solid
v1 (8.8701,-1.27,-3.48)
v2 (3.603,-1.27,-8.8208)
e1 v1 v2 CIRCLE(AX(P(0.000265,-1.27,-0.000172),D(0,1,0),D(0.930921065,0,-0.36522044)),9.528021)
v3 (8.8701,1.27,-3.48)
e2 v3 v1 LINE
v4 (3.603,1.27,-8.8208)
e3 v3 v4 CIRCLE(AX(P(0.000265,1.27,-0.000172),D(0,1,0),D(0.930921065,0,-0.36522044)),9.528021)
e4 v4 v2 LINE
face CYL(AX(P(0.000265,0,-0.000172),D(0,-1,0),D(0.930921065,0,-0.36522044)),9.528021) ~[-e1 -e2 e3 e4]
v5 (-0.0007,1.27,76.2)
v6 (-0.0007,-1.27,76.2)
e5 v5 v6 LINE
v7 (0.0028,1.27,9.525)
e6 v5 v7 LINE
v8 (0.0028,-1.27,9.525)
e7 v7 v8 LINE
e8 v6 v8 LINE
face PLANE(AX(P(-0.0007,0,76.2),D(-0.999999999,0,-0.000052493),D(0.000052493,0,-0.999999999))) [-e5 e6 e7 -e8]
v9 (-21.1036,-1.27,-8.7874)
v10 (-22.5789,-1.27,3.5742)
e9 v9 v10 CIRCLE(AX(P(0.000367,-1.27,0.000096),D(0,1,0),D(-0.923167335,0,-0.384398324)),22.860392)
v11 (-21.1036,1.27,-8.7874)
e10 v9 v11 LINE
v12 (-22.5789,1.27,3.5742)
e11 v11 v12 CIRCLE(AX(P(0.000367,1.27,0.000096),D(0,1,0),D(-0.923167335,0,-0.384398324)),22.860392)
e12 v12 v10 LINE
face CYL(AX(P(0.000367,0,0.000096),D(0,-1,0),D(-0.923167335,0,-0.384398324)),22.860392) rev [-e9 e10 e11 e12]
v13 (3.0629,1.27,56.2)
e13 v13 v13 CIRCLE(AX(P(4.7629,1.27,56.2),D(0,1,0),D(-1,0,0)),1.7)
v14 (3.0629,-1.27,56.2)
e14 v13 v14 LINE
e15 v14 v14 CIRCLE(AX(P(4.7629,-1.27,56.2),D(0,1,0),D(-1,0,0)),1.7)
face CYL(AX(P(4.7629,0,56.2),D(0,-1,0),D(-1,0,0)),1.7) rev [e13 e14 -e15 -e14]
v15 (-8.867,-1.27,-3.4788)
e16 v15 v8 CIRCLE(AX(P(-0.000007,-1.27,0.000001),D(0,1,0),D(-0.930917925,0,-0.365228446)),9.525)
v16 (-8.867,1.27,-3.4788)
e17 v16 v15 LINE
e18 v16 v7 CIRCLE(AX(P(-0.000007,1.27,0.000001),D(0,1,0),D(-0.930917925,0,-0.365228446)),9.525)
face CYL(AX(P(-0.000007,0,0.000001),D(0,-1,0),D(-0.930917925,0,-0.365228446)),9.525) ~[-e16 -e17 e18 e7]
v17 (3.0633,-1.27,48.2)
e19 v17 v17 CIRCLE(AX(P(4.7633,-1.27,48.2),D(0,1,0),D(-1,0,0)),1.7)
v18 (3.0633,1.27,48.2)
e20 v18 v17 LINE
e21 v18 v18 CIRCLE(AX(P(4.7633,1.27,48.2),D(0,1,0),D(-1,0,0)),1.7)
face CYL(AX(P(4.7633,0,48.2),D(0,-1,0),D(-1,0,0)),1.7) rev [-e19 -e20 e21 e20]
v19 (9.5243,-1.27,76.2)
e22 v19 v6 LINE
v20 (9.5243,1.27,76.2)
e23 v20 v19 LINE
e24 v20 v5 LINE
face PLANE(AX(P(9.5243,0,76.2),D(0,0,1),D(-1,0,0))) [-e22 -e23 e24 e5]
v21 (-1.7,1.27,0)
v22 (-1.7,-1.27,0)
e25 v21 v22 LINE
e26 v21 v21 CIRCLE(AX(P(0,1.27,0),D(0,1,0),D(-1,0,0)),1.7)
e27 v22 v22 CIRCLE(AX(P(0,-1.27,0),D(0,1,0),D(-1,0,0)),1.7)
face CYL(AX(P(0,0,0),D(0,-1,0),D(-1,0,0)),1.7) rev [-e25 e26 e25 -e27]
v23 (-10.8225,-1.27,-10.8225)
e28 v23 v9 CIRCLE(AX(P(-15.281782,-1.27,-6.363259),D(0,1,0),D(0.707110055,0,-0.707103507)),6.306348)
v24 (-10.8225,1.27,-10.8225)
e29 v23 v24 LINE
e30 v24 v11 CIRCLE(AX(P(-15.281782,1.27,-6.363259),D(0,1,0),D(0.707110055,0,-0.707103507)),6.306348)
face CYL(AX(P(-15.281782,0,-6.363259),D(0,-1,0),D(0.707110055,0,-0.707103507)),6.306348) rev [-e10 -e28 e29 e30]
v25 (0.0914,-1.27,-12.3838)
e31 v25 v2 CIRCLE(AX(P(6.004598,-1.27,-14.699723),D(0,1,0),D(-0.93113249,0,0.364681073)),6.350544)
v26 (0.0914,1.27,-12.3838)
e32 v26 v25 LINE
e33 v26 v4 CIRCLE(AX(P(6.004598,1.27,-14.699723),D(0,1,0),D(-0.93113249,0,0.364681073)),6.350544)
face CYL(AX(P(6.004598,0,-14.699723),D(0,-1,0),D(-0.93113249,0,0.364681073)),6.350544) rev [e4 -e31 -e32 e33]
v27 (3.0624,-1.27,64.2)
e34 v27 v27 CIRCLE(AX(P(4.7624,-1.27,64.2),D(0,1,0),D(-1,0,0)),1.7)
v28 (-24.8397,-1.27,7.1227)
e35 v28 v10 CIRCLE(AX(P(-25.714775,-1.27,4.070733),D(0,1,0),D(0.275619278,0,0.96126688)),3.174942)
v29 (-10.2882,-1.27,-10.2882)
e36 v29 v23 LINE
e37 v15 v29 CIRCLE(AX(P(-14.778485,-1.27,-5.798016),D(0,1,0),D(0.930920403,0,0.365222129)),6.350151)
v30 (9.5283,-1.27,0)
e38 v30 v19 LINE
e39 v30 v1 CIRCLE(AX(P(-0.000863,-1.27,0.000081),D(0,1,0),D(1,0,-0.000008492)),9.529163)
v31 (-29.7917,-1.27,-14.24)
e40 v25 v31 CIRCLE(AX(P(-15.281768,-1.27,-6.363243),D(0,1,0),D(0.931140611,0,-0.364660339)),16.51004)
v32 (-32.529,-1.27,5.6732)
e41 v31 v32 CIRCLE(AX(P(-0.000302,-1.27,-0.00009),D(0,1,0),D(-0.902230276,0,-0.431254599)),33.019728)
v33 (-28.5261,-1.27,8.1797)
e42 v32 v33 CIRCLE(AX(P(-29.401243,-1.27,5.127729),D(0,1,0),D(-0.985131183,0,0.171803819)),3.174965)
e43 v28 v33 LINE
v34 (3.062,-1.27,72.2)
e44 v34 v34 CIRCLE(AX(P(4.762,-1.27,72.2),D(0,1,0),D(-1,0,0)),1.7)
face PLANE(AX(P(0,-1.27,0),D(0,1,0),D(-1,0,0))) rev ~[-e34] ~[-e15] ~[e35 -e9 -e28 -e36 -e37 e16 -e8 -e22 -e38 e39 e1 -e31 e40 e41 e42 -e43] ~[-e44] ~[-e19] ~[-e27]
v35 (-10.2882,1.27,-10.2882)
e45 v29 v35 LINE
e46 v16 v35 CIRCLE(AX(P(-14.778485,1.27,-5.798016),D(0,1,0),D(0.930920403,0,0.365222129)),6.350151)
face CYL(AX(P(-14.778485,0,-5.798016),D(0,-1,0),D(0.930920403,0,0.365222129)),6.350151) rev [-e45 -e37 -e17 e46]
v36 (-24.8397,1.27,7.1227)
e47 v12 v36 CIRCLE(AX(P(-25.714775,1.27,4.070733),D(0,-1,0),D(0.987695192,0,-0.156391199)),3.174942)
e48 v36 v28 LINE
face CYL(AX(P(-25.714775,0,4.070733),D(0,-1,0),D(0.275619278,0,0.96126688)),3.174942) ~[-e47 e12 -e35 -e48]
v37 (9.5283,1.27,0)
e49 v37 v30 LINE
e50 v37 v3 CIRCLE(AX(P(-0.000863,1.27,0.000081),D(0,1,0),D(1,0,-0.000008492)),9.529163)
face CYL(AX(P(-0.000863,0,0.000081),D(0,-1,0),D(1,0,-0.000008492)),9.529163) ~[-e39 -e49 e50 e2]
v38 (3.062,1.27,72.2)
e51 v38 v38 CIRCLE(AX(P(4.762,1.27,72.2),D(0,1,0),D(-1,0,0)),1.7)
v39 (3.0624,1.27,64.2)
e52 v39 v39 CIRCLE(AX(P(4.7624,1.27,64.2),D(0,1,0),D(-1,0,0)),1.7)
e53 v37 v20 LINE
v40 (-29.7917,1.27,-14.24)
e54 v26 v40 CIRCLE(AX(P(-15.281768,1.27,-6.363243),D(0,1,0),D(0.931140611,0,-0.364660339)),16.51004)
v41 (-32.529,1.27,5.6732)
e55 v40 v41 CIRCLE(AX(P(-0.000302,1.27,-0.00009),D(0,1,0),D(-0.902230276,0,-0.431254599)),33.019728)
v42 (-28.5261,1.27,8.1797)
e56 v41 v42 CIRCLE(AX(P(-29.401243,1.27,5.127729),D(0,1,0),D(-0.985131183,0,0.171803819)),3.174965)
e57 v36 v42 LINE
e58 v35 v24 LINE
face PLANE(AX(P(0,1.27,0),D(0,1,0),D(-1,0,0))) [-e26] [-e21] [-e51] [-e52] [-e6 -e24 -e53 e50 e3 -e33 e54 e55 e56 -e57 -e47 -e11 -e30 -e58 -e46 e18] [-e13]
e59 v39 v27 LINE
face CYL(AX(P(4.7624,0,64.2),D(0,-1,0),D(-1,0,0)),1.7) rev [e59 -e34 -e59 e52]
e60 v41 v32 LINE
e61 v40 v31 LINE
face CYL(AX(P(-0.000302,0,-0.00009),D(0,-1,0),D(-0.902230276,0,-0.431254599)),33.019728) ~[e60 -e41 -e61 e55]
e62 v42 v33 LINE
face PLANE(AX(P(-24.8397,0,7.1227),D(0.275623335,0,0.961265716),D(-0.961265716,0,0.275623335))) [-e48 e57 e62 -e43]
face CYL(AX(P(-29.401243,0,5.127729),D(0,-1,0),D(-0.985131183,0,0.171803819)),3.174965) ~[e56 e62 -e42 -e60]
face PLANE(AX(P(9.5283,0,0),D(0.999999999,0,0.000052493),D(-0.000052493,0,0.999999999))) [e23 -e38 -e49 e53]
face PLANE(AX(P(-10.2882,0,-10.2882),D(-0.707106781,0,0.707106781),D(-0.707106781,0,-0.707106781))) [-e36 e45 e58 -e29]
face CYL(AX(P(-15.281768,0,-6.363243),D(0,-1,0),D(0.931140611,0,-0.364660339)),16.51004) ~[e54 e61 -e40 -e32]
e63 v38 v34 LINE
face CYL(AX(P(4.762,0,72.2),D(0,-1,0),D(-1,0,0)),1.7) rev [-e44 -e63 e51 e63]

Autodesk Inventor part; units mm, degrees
sketch "Sketch1" plane through (0, 0, 0) normal (0, 1, 0) x (-1, 0, 0)
  arc A0 (21.1036, -8.7874) -> (22.5789, 3.5742) centre (0, 0) ccw
  arc A1 (29.7917, -14.24) -> (32.529, 5.6732) centre (0, 0) ccw
  line L0 (0, 0) -> (31.7409, 9.1015) construction
  line L1 (0, 0) -> (33.02, 0) construction
  line L2 (24.8397, 7.1227) -> (28.5261, 8.1797)
  circle A2 centre (0, 0) radius 1.7
  line L3 (0, 0) -> (23.3487, -23.3487) construction
  line L4 (0, 0) -> (33.02, 0) construction
  line L5 (10.2882, -10.2882) -> (10.8225, -10.8225)
  line L6 (0, 0) -> (-10.2882, -10.2882) construction
  line L7 (0, 0) -> (25.903, 0) construction
  arc A3 (32.529, 5.6732) -> (28.5261, 8.1797) centre (29.4012, 5.1277) ccw
  arc A4 (24.8397, 7.1227) -> (22.5789, 3.5742) centre (25.7148, 4.0707) ccw
  arc A5 (8.867, -3.4788) -> (10.2882, -10.2882) centre (14.7783, -5.798) ccw
  arc A6 (10.8225, -10.8225) -> (21.1036, -8.7874) centre (15.2818, -6.3632) ccw
  arc A7 (-8.8701, -3.48) -> (-3.603, -8.8208) centre (0, 0) ccw
  arc A8 (24.6515, 7.0623) -> (24.645, 7.0668) centre (15.2818, -6.3632) ccw
  arc A9 (-0.0914, -12.3838) -> (29.7917, -14.24) centre (15.2818, -6.3632) ccw
  arc A10 (-0.0914, -12.3838) -> (-3.603, -8.8208) centre (-6.0041, -14.6994) ccw
  line L8 (-9.5283, 0) -> (-9.5243, 76.2)
  line L9 (-9.5243, 76.2) -> (0.0007, 76.2)
  line L10 (0.0007, 76.2) -> (-0.0028, 9.525)
  arc A11 (8.867, -3.4788) -> (-0.0028, 9.525) centre (0, 0) ccw
  arc A12 (-9.5283, 0) -> (-8.8701, -3.48) centre (0, 0) ccw
  circle A13 centre (-4.762, 72.2) radius 1.7
  circle A14 centre (-4.7624, 64.2) radius 1.7
  circle A15 centre (-4.7629, 56.2) radius 1.7
  circle A16 centre (-4.7633, 48.2) radius 1.7
  point P0 (21.9744, 6.3011)
  point P1 (6.7352, -6.7352)
  point P2 (-6.7352, -6.7352)
  point P3 (16.1645, -16.1645)
  point P4 (11.8424, -11.6339)
  dimension "d0" = 45.72
  dimension "d1" = 66.04
  dimension "d3" = 16
  dimension "d4" = 3.4
  dimension "d5" = 45
  dimension "d6" = 135
  dimension "d7" = 3.175
  dimension "d16" = 16.51
  dimension "d17" = 6.35
  dimension "d20" = 9.525
  dimension "d21" = 76.2
  dimension "d22" = 3.4
  dimension "d23" = 4.7625
  dimension "d24" = 4
  dimension "d27" = 8
extrude "Extrusion1" add sketch "Sketch1" along normal mid plane 2.54
ref_plane "Work Plane1" through (0, 0.635, 0) normal (0, 1, 0) x (-1, 0, 0)
equation "\"d23\" = 0.5 * d20"
properties part number "capstone hook constant radius"
